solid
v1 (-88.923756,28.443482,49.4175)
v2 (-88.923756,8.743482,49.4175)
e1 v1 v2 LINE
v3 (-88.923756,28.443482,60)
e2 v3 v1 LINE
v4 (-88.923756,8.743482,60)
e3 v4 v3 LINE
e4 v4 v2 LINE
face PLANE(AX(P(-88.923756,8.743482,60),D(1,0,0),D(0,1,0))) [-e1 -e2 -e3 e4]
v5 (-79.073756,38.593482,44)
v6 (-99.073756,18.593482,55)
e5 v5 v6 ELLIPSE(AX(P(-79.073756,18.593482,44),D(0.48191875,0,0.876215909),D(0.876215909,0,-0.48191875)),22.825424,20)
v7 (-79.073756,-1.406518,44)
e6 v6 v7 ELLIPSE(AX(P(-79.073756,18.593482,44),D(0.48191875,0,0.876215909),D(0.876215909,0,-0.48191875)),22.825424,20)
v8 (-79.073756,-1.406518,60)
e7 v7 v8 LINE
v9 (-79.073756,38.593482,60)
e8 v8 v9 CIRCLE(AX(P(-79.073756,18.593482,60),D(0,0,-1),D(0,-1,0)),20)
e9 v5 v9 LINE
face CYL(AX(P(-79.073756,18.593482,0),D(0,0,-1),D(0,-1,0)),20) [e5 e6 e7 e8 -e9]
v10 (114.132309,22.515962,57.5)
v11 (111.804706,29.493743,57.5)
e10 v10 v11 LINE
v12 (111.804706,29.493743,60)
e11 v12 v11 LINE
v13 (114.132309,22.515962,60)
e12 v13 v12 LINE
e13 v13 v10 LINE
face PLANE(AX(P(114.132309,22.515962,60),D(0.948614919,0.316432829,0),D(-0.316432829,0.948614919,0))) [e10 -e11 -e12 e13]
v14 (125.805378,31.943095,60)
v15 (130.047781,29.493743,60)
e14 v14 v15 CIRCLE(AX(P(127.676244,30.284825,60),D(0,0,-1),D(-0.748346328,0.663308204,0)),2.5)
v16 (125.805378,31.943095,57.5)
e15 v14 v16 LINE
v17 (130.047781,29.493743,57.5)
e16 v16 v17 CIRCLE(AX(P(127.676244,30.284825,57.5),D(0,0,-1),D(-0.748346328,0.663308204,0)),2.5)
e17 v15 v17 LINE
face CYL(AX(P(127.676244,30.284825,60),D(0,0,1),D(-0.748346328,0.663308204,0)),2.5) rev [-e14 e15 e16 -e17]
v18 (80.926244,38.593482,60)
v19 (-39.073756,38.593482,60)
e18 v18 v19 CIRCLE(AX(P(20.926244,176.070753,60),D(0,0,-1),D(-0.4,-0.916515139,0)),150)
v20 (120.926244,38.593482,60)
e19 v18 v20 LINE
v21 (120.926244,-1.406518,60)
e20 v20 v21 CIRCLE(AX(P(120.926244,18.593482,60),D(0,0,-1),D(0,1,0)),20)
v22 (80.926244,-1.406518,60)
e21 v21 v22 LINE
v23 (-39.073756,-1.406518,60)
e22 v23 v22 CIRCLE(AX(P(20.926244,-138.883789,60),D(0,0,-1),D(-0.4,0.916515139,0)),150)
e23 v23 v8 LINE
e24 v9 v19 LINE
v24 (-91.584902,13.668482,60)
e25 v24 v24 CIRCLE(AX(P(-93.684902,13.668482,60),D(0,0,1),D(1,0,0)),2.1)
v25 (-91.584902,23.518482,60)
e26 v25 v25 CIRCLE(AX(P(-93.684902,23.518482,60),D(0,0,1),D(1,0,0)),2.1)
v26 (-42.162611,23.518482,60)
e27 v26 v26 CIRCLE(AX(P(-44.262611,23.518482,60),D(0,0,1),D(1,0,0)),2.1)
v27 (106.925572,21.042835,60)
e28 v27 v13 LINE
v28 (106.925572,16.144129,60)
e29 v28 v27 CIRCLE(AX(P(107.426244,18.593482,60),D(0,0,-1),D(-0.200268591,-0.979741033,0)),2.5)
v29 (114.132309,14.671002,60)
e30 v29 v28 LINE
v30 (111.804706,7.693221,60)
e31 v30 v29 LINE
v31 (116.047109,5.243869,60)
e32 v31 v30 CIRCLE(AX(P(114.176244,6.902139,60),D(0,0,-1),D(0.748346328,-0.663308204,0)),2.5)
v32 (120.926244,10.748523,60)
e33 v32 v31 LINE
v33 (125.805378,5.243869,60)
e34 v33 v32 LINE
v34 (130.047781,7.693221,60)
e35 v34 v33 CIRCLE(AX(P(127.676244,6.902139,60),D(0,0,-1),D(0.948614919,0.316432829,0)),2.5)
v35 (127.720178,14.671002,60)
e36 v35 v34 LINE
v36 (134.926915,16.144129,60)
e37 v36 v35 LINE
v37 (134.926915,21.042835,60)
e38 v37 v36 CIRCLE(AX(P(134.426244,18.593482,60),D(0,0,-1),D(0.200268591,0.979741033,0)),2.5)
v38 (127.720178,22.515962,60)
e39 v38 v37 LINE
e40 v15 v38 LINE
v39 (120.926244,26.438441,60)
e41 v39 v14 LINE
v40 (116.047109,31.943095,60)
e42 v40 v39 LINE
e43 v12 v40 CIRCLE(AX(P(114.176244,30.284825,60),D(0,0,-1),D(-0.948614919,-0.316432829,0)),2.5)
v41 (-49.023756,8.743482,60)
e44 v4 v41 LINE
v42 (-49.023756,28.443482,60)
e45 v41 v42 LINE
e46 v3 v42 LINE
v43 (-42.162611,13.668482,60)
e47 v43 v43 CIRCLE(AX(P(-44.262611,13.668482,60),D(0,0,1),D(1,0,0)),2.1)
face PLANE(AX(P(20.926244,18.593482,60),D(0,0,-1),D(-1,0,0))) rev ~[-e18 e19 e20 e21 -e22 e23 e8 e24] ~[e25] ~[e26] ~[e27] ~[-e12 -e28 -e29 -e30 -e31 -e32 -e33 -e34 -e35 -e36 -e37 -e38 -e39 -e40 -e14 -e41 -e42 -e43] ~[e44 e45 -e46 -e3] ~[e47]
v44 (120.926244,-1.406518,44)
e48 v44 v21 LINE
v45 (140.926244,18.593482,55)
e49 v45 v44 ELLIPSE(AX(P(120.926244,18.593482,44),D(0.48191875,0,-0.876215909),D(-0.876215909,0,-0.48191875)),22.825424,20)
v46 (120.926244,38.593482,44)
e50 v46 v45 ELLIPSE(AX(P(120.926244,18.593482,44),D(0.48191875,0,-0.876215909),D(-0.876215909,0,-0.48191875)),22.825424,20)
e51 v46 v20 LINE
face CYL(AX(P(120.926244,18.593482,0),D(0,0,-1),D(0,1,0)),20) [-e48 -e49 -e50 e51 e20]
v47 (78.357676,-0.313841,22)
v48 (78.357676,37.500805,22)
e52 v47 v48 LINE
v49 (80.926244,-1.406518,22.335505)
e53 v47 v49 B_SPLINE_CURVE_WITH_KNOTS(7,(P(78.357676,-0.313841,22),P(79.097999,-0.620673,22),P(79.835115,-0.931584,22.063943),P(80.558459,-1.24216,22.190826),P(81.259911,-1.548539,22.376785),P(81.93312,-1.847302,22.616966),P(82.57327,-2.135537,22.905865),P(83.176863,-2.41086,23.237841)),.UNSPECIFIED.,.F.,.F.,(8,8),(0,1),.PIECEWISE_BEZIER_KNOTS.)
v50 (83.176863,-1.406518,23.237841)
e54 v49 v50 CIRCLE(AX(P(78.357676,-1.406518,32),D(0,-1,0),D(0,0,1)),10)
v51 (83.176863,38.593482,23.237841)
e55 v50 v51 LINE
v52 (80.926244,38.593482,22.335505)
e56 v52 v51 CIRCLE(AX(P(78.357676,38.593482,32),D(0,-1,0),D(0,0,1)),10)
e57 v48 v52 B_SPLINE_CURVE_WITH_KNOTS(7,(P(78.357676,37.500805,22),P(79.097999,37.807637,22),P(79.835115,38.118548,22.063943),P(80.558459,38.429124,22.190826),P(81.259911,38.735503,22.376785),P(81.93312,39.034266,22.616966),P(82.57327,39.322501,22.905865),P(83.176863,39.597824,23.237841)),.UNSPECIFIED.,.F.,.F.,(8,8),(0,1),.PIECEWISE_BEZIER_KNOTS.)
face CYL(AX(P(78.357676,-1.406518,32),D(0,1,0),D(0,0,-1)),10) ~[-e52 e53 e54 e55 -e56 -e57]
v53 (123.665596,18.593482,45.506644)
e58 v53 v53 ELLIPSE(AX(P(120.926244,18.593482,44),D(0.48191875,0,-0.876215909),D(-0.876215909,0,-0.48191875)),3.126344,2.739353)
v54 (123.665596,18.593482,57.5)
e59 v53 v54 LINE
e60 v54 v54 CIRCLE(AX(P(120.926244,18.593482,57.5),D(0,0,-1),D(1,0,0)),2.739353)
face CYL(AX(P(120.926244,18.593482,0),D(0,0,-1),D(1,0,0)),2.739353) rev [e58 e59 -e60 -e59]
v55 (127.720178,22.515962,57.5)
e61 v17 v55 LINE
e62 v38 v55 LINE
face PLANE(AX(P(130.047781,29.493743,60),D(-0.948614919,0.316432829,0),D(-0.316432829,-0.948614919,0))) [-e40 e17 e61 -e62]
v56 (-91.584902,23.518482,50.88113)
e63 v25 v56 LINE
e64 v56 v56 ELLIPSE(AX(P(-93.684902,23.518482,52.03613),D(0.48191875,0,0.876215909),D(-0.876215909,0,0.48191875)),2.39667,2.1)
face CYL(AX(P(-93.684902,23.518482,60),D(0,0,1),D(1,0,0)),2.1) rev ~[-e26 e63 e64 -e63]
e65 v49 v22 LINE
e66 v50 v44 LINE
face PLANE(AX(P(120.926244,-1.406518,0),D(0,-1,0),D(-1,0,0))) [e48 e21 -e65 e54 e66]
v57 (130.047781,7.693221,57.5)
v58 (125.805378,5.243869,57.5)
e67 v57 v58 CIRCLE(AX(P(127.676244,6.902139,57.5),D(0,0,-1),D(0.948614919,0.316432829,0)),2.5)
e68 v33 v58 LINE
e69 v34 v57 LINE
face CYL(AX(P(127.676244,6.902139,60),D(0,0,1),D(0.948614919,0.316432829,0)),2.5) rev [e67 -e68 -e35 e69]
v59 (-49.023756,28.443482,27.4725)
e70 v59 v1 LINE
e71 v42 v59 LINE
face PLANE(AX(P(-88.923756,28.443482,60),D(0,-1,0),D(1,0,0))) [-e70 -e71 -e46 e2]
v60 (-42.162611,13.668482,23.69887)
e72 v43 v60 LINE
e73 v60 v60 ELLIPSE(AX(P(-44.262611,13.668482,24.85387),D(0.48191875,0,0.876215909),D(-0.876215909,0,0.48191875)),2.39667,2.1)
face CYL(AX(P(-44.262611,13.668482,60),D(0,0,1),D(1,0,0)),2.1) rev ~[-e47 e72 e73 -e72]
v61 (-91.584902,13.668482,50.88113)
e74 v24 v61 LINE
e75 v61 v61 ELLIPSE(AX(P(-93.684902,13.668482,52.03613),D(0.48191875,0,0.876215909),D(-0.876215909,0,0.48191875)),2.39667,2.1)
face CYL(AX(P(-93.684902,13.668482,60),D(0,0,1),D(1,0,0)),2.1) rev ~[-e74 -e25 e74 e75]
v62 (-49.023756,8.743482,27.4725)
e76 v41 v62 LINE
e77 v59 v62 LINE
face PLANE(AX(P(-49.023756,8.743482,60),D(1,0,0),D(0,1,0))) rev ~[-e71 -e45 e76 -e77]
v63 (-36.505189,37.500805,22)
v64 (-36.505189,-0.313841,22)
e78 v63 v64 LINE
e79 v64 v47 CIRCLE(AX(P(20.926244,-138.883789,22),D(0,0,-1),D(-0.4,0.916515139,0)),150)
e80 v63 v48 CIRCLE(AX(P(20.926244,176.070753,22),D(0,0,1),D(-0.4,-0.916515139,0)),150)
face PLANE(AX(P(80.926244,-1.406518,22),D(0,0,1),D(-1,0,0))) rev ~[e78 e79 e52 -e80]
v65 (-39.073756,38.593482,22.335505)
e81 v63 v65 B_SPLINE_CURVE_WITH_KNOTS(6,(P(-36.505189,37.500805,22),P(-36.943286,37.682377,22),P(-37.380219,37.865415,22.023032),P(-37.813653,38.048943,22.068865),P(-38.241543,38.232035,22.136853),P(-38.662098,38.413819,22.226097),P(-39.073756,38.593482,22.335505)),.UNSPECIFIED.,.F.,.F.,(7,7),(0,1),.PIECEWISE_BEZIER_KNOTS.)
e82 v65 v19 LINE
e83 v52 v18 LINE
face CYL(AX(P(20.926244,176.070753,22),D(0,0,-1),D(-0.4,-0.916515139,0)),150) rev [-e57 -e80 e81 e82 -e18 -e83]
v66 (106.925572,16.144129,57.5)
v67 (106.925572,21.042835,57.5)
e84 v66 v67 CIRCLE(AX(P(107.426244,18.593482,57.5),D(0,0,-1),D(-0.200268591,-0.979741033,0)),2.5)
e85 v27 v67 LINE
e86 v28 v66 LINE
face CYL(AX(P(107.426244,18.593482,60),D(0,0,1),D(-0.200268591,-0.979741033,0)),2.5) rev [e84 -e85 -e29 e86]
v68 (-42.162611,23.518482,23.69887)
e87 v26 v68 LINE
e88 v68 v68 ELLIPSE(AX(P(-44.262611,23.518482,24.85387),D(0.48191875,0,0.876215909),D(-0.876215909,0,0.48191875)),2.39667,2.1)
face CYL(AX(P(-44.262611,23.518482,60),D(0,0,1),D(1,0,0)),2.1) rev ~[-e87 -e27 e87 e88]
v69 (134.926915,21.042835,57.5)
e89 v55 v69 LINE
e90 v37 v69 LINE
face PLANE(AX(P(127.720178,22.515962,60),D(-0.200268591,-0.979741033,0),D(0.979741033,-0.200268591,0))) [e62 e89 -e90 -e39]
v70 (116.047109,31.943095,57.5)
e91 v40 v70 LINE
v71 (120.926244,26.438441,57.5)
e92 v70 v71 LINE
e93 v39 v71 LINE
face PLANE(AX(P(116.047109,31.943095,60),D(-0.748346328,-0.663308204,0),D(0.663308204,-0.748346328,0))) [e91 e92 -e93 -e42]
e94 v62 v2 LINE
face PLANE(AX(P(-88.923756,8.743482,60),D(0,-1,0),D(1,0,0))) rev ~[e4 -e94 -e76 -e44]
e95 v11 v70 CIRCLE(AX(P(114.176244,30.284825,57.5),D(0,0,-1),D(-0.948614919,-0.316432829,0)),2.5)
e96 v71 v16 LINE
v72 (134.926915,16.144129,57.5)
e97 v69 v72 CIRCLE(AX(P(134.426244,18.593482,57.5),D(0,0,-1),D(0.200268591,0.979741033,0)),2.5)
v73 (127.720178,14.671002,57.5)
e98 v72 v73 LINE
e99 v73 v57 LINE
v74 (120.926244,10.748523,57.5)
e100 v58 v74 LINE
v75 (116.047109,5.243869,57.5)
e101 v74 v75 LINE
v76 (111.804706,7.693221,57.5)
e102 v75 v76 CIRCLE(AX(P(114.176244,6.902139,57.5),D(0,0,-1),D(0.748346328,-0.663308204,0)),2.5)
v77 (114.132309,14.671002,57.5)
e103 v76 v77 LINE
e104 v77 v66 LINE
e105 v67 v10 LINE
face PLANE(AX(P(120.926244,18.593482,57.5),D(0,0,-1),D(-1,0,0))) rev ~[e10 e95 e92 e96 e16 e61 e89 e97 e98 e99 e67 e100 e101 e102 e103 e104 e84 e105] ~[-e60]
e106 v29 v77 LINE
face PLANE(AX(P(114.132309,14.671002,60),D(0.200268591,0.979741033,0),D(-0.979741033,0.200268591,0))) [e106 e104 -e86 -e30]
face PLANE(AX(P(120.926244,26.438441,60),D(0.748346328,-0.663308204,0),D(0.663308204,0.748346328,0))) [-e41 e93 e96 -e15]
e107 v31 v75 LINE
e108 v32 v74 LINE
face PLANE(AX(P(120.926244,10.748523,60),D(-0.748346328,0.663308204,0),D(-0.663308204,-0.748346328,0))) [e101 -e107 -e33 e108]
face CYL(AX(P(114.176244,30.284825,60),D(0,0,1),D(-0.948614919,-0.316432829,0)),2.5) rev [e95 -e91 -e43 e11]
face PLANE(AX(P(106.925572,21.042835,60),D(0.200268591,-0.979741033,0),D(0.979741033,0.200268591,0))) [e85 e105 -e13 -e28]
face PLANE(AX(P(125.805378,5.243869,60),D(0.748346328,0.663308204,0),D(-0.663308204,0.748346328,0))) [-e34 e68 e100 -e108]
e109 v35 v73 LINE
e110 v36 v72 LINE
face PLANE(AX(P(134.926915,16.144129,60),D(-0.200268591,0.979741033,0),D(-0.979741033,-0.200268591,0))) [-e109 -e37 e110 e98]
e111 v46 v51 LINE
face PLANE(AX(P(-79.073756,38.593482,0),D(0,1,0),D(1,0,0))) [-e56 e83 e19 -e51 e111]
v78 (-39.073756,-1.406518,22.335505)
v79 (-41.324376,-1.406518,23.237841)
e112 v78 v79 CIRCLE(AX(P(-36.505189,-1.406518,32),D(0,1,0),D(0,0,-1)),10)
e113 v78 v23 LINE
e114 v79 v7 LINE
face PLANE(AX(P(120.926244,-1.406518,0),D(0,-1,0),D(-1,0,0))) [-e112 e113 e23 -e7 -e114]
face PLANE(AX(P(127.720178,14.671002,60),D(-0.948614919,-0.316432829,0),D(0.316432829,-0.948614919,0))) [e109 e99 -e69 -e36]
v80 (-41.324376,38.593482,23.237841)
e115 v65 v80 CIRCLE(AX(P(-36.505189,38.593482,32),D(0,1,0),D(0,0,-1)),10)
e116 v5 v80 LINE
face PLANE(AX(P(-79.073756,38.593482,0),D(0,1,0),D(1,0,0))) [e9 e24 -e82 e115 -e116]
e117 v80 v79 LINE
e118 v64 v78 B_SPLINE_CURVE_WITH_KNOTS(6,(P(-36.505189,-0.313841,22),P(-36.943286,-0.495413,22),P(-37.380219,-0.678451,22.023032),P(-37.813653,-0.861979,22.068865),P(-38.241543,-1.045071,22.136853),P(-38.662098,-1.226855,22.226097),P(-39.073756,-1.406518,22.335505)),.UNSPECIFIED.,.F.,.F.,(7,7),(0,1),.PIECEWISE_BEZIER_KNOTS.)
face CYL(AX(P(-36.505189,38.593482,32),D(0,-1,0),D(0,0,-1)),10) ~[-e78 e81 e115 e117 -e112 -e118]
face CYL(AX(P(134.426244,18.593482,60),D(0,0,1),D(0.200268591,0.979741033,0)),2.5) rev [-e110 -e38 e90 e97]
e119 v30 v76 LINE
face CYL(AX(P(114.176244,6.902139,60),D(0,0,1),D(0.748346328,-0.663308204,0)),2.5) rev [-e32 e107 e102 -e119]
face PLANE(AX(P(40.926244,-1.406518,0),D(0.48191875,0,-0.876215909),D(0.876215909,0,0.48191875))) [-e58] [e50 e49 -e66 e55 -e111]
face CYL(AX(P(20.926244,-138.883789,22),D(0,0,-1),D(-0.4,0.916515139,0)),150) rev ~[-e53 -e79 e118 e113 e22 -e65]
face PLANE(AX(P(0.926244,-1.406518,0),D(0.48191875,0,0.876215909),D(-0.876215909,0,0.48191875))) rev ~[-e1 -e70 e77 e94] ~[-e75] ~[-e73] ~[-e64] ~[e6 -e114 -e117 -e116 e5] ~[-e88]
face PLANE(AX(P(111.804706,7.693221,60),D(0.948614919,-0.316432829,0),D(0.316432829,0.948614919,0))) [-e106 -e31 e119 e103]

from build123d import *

# Parameters (mm, degrees)
SKETCH1_R           = 2.73935274
BOSS_EXTRUDE1_DEPTH = 60
SKETCH16_R          = 2.1
SKETCH16_W          = 39.9
SKETCH16_H          = 19.7
CUT_EXTRUDE9_DEPTH  = 158.954623162
CUT_EXTRUDE11_DEPTH = 159.304157008
SKETCH19_W          = 123.088854382
SKETCH19_H          = 22
CUT_EXTRUDE12_DEPTH = 159.304157008
CUT_EXTRUDE14_DEPTH = 151.975703271
FILLET3_R           = 10
FILLET4_R           = 10
CUT_EXTRUDE15_DEPTH = 2.5


with BuildPart() as part:
    # Sketch1 → Boss-Extrude1 (new body)
    with BuildSketch(Plane.XY):
        with BuildLine():
            Line((-79.073756432, 38.59348199), (120.926243568, 38.59348199))
            ThreePointArc((120.926243568, 38.59348199), (140.926243568, 18.59348199), (120.926243568, -1.40651801))
            Line((120.926243568, -1.40651801), (-79.073756432, -1.40651801))
            ThreePointArc((-79.073756432, -1.40651801), (-99.073756432, 18.59348199), (-79.073756432, 38.59348199))
        make_face()
        with Locations((-79.073756432, 18.59348199)):
            Circle(SKETCH1_R, mode=Mode.SUBTRACT)
        with Locations((120.926243568, 18.59348199)):
            Circle(SKETCH1_R, mode=Mode.SUBTRACT)
    extrude(amount=BOSS_EXTRUDE1_DEPTH)

    # Sketch16 → Cut-Extrude9 (cut, through all)
    with BuildSketch(Plane.XY.offset(60)):
        with Locations((-93.68490205, 23.51848199)):
            Circle(SKETCH16_R)
        with Locations((-93.68490205, 13.66848199)):
            Circle(SKETCH16_R)
        with Locations((-44.262610814, 23.51848199)):
            Circle(SKETCH16_R)
        with Locations((-44.262610814, 13.66848199)):
            Circle(SKETCH16_R)
        with Locations((-68.973756432, 18.59348199)):
            Rectangle(SKETCH16_W, SKETCH16_H)
    extrude(amount=-CUT_EXTRUDE9_DEPTH, mode=Mode.SUBTRACT)

    # Sketch18 → Cut-Extrude11 (cut, through all)
    with BuildSketch(Plane(origin=(0, -1.40651801, 0), x_dir=(-1, 0, 0), z_dir=(0, -1, 0))):
        Polygon((-140.926243568, -55), (-140.926243568, 0), (-40.926243568, 0), align=None)
        Polygon((99.073756432, -55), (99.073756432, 0), (-0.926243568, 0), align=None)
    extrude(amount=-CUT_EXTRUDE11_DEPTH, mode=Mode.SUBTRACT)

    # Sketch19 → Cut-Extrude12 (cut, through all)
    with BuildSketch(Plane(origin=(0, -1.40651801, 0), x_dir=(-1, 0, 0), z_dir=(0, -1, 0))):
        with Locations((-19.381816377, -11)):
            Rectangle(SKETCH19_W, SKETCH19_H)
    extrude(amount=-CUT_EXTRUDE12_DEPTH, mode=Mode.SUBTRACT)

    # Sketch22 → Cut-Extrude14 (cut, through all)
    with BuildSketch(Plane(origin=(0, 0, 22), x_dir=(-1, 0, 0), z_dir=(0, 0, -1))):
        with BuildLine():
            Line((-80.926243568, 38.59348199), (39.073756432, 38.59348199))
            ThreePointArc((39.073756432, 38.59348199), (-20.926243568, 26.070752838), (-80.926243568, 38.59348199))
        make_face()
        with BuildLine():
            Line((-80.926243568, -1.40651801), (39.073756432, -1.40651801))
            ThreePointArc((39.073756432, -1.40651801), (-20.926243568, 11.116211141), (-80.926243568, -1.40651801))
        make_face()
    extrude(amount=-CUT_EXTRUDE14_DEPTH, mode=Mode.SUBTRACT)

    # Fillet3
    fillet3_edges = [part.edges().sort_by_distance(p)[0] for p in [
        (80.926243568, 18.59348199, 22),
    ]]
    fillet(fillet3_edges, radius=FILLET3_R)

    # Fillet4
    fillet4_edges = [part.edges().sort_by_distance(p)[0] for p in [
        (-39.073756432, 18.59348199, 22),
    ]]
    fillet(fillet4_edges, radius=FILLET4_R)

    # Sketch23 → Cut-Extrude15 (cut)
    with BuildSketch(Plane.XY.offset(60)):
        with BuildLine():
            Line((116.047109388, 31.94309545), (120.926243568, 26.438441465))
            Line((120.926243568, 26.438441465), (125.805377748, 31.94309545))
            ThreePointArc((125.805377748, 31.94309545), (128.926243568, 32.44988845), (130.047780865, 29.493742868))
            Line((130.047780865, 29.493742868), (127.720177765, 22.515961727))
            Line((127.720177765, 22.515961727), (134.926915045, 21.042834572))
            ThreePointArc((134.926915045, 21.042834572), (136.926243568, 18.59348199), (134.926915045, 16.144129408))
            Line((134.926915045, 16.144129408), (127.720177765, 14.671002252))
            Line((127.720177765, 14.671002252), (130.047780865, 7.693221111))
            ThreePointArc((130.047780865, 7.693221111), (128.926243568, 4.737075529), (125.805377748, 5.243868529))
            Line((125.805377748, 5.243868529), (120.926243568, 10.748522514))
            Line((120.926243568, 10.748522514), (116.047109388, 5.243868529))
            ThreePointArc((116.047109388, 5.243868529), (112.926243568, 4.737075529), (111.80470627, 7.693221111))
            Line((111.80470627, 7.693221111), (114.13230937, 14.671002252))
            Line((114.13230937, 14.671002252), (106.92557209, 16.144129408))
            ThreePointArc((106.92557209, 16.144129408), (104.926243568, 18.59348199), (106.92557209, 21.042834572))
            Line((106.92557209, 21.042834572), (114.13230937, 22.515961727))
            Line((114.13230937, 22.515961727), (111.80470627, 29.493742868))
            ThreePointArc((111.80470627, 29.493742868), (112.926243568, 32.44988845), (116.047109388, 31.94309545))
        make_face()
    extrude(amount=-CUT_EXTRUDE15_DEPTH, mode=Mode.SUBTRACT)


solid = part.part
